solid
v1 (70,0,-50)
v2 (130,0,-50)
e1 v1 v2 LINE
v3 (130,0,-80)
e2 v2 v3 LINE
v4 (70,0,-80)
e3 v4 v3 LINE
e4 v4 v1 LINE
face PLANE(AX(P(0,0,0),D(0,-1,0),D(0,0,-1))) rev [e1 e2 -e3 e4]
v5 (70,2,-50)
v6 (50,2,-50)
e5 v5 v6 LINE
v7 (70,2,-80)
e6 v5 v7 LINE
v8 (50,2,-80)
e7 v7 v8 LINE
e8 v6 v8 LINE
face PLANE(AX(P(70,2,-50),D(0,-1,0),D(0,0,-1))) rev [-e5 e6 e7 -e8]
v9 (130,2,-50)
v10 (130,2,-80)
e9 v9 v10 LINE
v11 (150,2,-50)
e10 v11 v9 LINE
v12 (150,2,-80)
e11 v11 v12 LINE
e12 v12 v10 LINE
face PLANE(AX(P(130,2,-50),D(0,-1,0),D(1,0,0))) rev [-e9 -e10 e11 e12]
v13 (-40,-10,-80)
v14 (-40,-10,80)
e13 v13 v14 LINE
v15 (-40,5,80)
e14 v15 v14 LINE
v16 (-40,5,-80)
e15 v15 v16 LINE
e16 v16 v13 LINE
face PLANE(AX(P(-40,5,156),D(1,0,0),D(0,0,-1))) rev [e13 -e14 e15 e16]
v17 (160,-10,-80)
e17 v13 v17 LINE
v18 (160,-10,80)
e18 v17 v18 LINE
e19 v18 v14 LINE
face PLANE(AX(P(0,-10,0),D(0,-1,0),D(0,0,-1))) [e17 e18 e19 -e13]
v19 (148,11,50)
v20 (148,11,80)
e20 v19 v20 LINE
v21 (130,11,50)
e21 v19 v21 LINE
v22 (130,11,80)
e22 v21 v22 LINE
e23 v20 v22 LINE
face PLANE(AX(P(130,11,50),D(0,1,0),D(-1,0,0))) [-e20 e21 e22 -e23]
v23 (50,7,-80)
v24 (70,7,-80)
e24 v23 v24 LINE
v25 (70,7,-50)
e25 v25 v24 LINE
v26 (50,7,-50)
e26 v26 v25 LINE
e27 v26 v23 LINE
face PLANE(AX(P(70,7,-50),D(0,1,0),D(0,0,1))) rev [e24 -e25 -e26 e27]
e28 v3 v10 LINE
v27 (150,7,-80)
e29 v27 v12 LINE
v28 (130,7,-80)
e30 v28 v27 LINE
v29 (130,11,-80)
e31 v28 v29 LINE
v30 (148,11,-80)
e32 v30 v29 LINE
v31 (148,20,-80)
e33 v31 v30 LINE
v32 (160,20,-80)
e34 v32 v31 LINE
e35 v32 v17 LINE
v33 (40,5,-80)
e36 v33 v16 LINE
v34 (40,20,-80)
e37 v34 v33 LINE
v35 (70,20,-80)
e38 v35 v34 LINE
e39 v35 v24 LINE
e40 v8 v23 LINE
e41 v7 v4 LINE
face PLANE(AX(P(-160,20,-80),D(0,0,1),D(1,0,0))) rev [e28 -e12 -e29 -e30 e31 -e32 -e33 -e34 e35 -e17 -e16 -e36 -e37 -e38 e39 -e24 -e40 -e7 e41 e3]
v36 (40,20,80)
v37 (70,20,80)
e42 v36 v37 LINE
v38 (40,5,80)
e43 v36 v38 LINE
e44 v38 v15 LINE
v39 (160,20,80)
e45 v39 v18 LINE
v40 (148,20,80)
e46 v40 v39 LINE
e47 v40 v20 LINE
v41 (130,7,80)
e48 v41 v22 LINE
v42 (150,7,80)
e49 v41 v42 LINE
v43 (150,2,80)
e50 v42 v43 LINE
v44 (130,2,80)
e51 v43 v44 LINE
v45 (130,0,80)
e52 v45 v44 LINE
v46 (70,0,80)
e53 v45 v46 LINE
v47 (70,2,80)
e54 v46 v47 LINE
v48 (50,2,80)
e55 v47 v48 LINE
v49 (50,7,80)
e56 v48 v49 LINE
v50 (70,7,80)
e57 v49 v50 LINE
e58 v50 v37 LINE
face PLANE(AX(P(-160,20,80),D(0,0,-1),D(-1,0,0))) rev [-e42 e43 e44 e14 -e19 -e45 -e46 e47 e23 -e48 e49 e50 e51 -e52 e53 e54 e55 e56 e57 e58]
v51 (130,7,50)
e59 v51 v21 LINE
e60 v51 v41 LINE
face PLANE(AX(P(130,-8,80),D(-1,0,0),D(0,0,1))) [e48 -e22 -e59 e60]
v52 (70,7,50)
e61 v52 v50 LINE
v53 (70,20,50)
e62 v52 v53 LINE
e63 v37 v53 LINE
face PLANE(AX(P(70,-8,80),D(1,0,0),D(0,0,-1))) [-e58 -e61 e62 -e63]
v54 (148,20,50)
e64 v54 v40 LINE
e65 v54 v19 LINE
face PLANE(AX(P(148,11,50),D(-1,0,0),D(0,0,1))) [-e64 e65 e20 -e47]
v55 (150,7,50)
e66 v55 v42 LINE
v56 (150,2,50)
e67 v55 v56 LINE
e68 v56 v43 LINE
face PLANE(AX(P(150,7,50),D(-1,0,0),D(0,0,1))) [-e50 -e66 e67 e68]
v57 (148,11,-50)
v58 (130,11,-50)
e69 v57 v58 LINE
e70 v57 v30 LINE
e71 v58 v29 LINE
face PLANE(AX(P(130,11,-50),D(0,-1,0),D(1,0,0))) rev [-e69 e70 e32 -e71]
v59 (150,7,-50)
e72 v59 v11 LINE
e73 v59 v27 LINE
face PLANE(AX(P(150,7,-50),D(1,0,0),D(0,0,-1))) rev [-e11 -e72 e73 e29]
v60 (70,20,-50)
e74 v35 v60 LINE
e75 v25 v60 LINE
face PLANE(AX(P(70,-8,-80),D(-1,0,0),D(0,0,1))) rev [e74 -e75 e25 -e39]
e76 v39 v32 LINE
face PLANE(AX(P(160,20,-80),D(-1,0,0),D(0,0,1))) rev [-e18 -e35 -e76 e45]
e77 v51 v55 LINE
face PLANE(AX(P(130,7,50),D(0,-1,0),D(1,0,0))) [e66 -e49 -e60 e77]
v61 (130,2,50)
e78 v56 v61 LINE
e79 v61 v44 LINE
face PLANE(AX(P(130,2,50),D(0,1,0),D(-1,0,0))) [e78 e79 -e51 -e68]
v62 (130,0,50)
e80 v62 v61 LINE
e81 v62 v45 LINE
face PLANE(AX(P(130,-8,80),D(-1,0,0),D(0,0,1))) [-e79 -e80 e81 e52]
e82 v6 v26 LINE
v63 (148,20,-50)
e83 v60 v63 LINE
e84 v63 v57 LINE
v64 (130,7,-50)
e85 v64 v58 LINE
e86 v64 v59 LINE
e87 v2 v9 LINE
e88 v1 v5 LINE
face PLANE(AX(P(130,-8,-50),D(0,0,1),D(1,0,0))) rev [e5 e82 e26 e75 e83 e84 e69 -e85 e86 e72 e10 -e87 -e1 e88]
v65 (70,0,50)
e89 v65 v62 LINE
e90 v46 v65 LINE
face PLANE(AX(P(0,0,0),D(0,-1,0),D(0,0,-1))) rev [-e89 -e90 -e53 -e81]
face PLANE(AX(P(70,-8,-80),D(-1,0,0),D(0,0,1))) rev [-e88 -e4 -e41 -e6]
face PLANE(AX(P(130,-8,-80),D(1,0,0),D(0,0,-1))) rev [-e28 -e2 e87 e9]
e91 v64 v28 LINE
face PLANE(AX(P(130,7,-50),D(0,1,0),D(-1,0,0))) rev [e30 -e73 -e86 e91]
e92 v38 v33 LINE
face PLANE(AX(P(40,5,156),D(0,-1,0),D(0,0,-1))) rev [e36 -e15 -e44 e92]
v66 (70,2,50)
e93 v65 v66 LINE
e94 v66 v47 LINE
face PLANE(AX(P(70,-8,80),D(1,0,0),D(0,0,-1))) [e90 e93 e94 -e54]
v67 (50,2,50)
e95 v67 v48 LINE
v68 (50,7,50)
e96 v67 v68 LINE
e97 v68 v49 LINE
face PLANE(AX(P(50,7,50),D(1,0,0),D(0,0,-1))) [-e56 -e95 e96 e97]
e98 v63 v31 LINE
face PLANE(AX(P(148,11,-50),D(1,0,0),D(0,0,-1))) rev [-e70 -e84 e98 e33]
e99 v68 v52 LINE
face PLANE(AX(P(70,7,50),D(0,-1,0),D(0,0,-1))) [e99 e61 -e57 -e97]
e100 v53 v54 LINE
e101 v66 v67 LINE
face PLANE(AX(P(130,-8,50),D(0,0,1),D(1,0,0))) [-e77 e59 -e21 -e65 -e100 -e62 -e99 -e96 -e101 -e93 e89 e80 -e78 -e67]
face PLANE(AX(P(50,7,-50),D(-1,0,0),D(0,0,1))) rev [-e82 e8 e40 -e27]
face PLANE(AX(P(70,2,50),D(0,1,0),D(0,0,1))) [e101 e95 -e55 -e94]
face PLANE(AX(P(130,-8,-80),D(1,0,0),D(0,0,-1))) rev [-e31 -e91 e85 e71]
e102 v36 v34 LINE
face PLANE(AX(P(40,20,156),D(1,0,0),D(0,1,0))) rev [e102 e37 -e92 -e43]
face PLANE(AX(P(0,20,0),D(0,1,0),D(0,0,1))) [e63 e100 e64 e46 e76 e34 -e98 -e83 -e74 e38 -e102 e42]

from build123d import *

# Parameters (mm, degrees)
SKETCH1_W               = 320
SKETCH1_H               = 160
BOSS_EXTRUDE1_DEPTH     = 20
SKETCH2_W               = 60
SKETCH2_H               = 30
CUT_EXTRUDE1_DEPTH      = 28
SKETCH3_W               = 20
SKETCH3_H               = 5
CUT_EXTRUDE3_DEPTH      = 30
MIRROR3_COPY_1_SKETCH_W = 60
MIRROR3_COPY_1_SKETCH_H = 30
MIRROR3_COPY_1_DEPTH    = 28
MIRROR3_COPY_2_SKETCH_W = 20
MIRROR3_COPY_2_SKETCH_H = 5
MIRROR3_COPY_2_DEPTH    = 30
SKETCH8_W               = 18
SKETCH8_H               = 9
CUT_EXTRUDE6_DEPTH      = 30
SKETCH9_W               = 18
SKETCH9_H               = 9
CUT_EXTRUDE7_DEPTH      = 30
SKETCH10_W              = 320
SKETCH10_H              = 160
BOSS_EXTRUDE2_DEPTH     = 10
CUT_EXTRUDE8_DEPTH      = 236


with BuildPart() as part:
    # Sketch1 → Boss-Extrude1 (new body)
    with BuildSketch(Plane(origin=(0, 0, 0), x_dir=(1, 0, 0), z_dir=(0, 1, 0))):
        Rectangle(SKETCH1_W, SKETCH1_H)
    extrude(amount=BOSS_EXTRUDE1_DEPTH)

    # Sketch2 → Cut-Extrude1 (cut)
    with BuildSketch(Plane(origin=(0, 20, 0), x_dir=(1, 0, 0), z_dir=(0, 1, 0))):
        with Locations((-100, -65)):
            Rectangle(SKETCH2_W, SKETCH2_H)
    cut_extrude1 = extrude(amount=-CUT_EXTRUDE1_DEPTH, mode=Mode.SUBTRACT)

    # Sketch3 → Cut-Extrude3 (cut)
    with BuildSketch(Plane.XY.offset(80)):
        with Locations((-140, 4.5)):
            Rectangle(SKETCH3_W, SKETCH3_H)
        with Locations((-60, 4.5)):
            Rectangle(SKETCH3_W, SKETCH3_H)
    cut_extrude3 = extrude(amount=-CUT_EXTRUDE3_DEPTH, mode=Mode.SUBTRACT)

    # Mirror2: Cut-Extrude1, Cut-Extrude3 across plane
    add(cut_extrude1.mirror(Plane(origin=(0, 0, 0), x_dir=(0, 0, 1), z_dir=(1, 0, 0))), mode=Mode.SUBTRACT)
    add(cut_extrude3.mirror(Plane(origin=(0, 0, 0), x_dir=(0, 0, 1), z_dir=(1, 0, 0))), mode=Mode.SUBTRACT)

    # Mirror3: Cut-Extrude1, Cut-Extrude3 across plane
    add(cut_extrude1.mirror(Plane.XY), mode=Mode.SUBTRACT)
    add(cut_extrude3.mirror(Plane.XY), mode=Mode.SUBTRACT)

    # Mirror3 copy 1 sketch → Mirror3 copy 1 (cut)
    with BuildSketch(Plane(origin=(0, 20, 0), x_dir=(-1, 0, 0), z_dir=(0, 1, 0))):
        with Locations((-100, -65)):
            Rectangle(MIRROR3_COPY_1_SKETCH_W, MIRROR3_COPY_1_SKETCH_H)
    extrude(amount=-MIRROR3_COPY_1_DEPTH, mode=Mode.SUBTRACT)

    # Mirror3 copy 2 sketch → Mirror3 copy 2 (cut)
    with BuildSketch(Plane(origin=(0, 0, -80), x_dir=(-1, 0, 0), z_dir=(0, 0, -1))):
        with Locations((-140, 4.5)):
            Rectangle(MIRROR3_COPY_2_SKETCH_W, MIRROR3_COPY_2_SKETCH_H)
        with Locations((-60, 4.5)):
            Rectangle(MIRROR3_COPY_2_SKETCH_W, MIRROR3_COPY_2_SKETCH_H)
    extrude(amount=-MIRROR3_COPY_2_DEPTH, mode=Mode.SUBTRACT)

    # Sketch8 → Cut-Extrude6 (cut)
    with BuildSketch(Plane(origin=(0, 0, -80), x_dir=(-1, 0, 0), z_dir=(0, 0, -1))):
        with Locations((-139, 15.5)):
            Rectangle(SKETCH8_W, SKETCH8_H)
    cut_extrude6 = extrude(amount=-CUT_EXTRUDE6_DEPTH, mode=Mode.SUBTRACT)

    # Sketch9 → Cut-Extrude7 (cut)
    with BuildSketch(Plane(origin=(0, 0, -80), x_dir=(-1, 0, 0), z_dir=(0, 0, -1))):
        with Locations((61, 15.5)):
            Rectangle(SKETCH9_W, SKETCH9_H)
    cut_extrude7 = extrude(amount=-CUT_EXTRUDE7_DEPTH, mode=Mode.SUBTRACT)

    # Sketch10 → Boss-Extrude2 (add)
    with BuildSketch(Plane.XZ):
        Rectangle(SKETCH10_W, SKETCH10_H)
    extrude(amount=BOSS_EXTRUDE2_DEPTH)

    # Mirror4: Cut-Extrude6, Cut-Extrude7 across plane
    add(cut_extrude6.mirror(Plane.XY), mode=Mode.SUBTRACT)
    add(cut_extrude7.mirror(Plane.XY), mode=Mode.SUBTRACT)

    # Sketch12 → Cut-Extrude8 (cut)
    with BuildSketch(Plane(origin=(0, 0, -80), x_dir=(-1, 0, 0), z_dir=(0, 0, -1))):
        Polygon((-40, 20), (-40, 5), (40, 5), (40, -10), (160, -10), (160, 20), align=None)
    extrude(amount=-CUT_EXTRUDE8_DEPTH, mode=Mode.SUBTRACT)


solid = part.part
